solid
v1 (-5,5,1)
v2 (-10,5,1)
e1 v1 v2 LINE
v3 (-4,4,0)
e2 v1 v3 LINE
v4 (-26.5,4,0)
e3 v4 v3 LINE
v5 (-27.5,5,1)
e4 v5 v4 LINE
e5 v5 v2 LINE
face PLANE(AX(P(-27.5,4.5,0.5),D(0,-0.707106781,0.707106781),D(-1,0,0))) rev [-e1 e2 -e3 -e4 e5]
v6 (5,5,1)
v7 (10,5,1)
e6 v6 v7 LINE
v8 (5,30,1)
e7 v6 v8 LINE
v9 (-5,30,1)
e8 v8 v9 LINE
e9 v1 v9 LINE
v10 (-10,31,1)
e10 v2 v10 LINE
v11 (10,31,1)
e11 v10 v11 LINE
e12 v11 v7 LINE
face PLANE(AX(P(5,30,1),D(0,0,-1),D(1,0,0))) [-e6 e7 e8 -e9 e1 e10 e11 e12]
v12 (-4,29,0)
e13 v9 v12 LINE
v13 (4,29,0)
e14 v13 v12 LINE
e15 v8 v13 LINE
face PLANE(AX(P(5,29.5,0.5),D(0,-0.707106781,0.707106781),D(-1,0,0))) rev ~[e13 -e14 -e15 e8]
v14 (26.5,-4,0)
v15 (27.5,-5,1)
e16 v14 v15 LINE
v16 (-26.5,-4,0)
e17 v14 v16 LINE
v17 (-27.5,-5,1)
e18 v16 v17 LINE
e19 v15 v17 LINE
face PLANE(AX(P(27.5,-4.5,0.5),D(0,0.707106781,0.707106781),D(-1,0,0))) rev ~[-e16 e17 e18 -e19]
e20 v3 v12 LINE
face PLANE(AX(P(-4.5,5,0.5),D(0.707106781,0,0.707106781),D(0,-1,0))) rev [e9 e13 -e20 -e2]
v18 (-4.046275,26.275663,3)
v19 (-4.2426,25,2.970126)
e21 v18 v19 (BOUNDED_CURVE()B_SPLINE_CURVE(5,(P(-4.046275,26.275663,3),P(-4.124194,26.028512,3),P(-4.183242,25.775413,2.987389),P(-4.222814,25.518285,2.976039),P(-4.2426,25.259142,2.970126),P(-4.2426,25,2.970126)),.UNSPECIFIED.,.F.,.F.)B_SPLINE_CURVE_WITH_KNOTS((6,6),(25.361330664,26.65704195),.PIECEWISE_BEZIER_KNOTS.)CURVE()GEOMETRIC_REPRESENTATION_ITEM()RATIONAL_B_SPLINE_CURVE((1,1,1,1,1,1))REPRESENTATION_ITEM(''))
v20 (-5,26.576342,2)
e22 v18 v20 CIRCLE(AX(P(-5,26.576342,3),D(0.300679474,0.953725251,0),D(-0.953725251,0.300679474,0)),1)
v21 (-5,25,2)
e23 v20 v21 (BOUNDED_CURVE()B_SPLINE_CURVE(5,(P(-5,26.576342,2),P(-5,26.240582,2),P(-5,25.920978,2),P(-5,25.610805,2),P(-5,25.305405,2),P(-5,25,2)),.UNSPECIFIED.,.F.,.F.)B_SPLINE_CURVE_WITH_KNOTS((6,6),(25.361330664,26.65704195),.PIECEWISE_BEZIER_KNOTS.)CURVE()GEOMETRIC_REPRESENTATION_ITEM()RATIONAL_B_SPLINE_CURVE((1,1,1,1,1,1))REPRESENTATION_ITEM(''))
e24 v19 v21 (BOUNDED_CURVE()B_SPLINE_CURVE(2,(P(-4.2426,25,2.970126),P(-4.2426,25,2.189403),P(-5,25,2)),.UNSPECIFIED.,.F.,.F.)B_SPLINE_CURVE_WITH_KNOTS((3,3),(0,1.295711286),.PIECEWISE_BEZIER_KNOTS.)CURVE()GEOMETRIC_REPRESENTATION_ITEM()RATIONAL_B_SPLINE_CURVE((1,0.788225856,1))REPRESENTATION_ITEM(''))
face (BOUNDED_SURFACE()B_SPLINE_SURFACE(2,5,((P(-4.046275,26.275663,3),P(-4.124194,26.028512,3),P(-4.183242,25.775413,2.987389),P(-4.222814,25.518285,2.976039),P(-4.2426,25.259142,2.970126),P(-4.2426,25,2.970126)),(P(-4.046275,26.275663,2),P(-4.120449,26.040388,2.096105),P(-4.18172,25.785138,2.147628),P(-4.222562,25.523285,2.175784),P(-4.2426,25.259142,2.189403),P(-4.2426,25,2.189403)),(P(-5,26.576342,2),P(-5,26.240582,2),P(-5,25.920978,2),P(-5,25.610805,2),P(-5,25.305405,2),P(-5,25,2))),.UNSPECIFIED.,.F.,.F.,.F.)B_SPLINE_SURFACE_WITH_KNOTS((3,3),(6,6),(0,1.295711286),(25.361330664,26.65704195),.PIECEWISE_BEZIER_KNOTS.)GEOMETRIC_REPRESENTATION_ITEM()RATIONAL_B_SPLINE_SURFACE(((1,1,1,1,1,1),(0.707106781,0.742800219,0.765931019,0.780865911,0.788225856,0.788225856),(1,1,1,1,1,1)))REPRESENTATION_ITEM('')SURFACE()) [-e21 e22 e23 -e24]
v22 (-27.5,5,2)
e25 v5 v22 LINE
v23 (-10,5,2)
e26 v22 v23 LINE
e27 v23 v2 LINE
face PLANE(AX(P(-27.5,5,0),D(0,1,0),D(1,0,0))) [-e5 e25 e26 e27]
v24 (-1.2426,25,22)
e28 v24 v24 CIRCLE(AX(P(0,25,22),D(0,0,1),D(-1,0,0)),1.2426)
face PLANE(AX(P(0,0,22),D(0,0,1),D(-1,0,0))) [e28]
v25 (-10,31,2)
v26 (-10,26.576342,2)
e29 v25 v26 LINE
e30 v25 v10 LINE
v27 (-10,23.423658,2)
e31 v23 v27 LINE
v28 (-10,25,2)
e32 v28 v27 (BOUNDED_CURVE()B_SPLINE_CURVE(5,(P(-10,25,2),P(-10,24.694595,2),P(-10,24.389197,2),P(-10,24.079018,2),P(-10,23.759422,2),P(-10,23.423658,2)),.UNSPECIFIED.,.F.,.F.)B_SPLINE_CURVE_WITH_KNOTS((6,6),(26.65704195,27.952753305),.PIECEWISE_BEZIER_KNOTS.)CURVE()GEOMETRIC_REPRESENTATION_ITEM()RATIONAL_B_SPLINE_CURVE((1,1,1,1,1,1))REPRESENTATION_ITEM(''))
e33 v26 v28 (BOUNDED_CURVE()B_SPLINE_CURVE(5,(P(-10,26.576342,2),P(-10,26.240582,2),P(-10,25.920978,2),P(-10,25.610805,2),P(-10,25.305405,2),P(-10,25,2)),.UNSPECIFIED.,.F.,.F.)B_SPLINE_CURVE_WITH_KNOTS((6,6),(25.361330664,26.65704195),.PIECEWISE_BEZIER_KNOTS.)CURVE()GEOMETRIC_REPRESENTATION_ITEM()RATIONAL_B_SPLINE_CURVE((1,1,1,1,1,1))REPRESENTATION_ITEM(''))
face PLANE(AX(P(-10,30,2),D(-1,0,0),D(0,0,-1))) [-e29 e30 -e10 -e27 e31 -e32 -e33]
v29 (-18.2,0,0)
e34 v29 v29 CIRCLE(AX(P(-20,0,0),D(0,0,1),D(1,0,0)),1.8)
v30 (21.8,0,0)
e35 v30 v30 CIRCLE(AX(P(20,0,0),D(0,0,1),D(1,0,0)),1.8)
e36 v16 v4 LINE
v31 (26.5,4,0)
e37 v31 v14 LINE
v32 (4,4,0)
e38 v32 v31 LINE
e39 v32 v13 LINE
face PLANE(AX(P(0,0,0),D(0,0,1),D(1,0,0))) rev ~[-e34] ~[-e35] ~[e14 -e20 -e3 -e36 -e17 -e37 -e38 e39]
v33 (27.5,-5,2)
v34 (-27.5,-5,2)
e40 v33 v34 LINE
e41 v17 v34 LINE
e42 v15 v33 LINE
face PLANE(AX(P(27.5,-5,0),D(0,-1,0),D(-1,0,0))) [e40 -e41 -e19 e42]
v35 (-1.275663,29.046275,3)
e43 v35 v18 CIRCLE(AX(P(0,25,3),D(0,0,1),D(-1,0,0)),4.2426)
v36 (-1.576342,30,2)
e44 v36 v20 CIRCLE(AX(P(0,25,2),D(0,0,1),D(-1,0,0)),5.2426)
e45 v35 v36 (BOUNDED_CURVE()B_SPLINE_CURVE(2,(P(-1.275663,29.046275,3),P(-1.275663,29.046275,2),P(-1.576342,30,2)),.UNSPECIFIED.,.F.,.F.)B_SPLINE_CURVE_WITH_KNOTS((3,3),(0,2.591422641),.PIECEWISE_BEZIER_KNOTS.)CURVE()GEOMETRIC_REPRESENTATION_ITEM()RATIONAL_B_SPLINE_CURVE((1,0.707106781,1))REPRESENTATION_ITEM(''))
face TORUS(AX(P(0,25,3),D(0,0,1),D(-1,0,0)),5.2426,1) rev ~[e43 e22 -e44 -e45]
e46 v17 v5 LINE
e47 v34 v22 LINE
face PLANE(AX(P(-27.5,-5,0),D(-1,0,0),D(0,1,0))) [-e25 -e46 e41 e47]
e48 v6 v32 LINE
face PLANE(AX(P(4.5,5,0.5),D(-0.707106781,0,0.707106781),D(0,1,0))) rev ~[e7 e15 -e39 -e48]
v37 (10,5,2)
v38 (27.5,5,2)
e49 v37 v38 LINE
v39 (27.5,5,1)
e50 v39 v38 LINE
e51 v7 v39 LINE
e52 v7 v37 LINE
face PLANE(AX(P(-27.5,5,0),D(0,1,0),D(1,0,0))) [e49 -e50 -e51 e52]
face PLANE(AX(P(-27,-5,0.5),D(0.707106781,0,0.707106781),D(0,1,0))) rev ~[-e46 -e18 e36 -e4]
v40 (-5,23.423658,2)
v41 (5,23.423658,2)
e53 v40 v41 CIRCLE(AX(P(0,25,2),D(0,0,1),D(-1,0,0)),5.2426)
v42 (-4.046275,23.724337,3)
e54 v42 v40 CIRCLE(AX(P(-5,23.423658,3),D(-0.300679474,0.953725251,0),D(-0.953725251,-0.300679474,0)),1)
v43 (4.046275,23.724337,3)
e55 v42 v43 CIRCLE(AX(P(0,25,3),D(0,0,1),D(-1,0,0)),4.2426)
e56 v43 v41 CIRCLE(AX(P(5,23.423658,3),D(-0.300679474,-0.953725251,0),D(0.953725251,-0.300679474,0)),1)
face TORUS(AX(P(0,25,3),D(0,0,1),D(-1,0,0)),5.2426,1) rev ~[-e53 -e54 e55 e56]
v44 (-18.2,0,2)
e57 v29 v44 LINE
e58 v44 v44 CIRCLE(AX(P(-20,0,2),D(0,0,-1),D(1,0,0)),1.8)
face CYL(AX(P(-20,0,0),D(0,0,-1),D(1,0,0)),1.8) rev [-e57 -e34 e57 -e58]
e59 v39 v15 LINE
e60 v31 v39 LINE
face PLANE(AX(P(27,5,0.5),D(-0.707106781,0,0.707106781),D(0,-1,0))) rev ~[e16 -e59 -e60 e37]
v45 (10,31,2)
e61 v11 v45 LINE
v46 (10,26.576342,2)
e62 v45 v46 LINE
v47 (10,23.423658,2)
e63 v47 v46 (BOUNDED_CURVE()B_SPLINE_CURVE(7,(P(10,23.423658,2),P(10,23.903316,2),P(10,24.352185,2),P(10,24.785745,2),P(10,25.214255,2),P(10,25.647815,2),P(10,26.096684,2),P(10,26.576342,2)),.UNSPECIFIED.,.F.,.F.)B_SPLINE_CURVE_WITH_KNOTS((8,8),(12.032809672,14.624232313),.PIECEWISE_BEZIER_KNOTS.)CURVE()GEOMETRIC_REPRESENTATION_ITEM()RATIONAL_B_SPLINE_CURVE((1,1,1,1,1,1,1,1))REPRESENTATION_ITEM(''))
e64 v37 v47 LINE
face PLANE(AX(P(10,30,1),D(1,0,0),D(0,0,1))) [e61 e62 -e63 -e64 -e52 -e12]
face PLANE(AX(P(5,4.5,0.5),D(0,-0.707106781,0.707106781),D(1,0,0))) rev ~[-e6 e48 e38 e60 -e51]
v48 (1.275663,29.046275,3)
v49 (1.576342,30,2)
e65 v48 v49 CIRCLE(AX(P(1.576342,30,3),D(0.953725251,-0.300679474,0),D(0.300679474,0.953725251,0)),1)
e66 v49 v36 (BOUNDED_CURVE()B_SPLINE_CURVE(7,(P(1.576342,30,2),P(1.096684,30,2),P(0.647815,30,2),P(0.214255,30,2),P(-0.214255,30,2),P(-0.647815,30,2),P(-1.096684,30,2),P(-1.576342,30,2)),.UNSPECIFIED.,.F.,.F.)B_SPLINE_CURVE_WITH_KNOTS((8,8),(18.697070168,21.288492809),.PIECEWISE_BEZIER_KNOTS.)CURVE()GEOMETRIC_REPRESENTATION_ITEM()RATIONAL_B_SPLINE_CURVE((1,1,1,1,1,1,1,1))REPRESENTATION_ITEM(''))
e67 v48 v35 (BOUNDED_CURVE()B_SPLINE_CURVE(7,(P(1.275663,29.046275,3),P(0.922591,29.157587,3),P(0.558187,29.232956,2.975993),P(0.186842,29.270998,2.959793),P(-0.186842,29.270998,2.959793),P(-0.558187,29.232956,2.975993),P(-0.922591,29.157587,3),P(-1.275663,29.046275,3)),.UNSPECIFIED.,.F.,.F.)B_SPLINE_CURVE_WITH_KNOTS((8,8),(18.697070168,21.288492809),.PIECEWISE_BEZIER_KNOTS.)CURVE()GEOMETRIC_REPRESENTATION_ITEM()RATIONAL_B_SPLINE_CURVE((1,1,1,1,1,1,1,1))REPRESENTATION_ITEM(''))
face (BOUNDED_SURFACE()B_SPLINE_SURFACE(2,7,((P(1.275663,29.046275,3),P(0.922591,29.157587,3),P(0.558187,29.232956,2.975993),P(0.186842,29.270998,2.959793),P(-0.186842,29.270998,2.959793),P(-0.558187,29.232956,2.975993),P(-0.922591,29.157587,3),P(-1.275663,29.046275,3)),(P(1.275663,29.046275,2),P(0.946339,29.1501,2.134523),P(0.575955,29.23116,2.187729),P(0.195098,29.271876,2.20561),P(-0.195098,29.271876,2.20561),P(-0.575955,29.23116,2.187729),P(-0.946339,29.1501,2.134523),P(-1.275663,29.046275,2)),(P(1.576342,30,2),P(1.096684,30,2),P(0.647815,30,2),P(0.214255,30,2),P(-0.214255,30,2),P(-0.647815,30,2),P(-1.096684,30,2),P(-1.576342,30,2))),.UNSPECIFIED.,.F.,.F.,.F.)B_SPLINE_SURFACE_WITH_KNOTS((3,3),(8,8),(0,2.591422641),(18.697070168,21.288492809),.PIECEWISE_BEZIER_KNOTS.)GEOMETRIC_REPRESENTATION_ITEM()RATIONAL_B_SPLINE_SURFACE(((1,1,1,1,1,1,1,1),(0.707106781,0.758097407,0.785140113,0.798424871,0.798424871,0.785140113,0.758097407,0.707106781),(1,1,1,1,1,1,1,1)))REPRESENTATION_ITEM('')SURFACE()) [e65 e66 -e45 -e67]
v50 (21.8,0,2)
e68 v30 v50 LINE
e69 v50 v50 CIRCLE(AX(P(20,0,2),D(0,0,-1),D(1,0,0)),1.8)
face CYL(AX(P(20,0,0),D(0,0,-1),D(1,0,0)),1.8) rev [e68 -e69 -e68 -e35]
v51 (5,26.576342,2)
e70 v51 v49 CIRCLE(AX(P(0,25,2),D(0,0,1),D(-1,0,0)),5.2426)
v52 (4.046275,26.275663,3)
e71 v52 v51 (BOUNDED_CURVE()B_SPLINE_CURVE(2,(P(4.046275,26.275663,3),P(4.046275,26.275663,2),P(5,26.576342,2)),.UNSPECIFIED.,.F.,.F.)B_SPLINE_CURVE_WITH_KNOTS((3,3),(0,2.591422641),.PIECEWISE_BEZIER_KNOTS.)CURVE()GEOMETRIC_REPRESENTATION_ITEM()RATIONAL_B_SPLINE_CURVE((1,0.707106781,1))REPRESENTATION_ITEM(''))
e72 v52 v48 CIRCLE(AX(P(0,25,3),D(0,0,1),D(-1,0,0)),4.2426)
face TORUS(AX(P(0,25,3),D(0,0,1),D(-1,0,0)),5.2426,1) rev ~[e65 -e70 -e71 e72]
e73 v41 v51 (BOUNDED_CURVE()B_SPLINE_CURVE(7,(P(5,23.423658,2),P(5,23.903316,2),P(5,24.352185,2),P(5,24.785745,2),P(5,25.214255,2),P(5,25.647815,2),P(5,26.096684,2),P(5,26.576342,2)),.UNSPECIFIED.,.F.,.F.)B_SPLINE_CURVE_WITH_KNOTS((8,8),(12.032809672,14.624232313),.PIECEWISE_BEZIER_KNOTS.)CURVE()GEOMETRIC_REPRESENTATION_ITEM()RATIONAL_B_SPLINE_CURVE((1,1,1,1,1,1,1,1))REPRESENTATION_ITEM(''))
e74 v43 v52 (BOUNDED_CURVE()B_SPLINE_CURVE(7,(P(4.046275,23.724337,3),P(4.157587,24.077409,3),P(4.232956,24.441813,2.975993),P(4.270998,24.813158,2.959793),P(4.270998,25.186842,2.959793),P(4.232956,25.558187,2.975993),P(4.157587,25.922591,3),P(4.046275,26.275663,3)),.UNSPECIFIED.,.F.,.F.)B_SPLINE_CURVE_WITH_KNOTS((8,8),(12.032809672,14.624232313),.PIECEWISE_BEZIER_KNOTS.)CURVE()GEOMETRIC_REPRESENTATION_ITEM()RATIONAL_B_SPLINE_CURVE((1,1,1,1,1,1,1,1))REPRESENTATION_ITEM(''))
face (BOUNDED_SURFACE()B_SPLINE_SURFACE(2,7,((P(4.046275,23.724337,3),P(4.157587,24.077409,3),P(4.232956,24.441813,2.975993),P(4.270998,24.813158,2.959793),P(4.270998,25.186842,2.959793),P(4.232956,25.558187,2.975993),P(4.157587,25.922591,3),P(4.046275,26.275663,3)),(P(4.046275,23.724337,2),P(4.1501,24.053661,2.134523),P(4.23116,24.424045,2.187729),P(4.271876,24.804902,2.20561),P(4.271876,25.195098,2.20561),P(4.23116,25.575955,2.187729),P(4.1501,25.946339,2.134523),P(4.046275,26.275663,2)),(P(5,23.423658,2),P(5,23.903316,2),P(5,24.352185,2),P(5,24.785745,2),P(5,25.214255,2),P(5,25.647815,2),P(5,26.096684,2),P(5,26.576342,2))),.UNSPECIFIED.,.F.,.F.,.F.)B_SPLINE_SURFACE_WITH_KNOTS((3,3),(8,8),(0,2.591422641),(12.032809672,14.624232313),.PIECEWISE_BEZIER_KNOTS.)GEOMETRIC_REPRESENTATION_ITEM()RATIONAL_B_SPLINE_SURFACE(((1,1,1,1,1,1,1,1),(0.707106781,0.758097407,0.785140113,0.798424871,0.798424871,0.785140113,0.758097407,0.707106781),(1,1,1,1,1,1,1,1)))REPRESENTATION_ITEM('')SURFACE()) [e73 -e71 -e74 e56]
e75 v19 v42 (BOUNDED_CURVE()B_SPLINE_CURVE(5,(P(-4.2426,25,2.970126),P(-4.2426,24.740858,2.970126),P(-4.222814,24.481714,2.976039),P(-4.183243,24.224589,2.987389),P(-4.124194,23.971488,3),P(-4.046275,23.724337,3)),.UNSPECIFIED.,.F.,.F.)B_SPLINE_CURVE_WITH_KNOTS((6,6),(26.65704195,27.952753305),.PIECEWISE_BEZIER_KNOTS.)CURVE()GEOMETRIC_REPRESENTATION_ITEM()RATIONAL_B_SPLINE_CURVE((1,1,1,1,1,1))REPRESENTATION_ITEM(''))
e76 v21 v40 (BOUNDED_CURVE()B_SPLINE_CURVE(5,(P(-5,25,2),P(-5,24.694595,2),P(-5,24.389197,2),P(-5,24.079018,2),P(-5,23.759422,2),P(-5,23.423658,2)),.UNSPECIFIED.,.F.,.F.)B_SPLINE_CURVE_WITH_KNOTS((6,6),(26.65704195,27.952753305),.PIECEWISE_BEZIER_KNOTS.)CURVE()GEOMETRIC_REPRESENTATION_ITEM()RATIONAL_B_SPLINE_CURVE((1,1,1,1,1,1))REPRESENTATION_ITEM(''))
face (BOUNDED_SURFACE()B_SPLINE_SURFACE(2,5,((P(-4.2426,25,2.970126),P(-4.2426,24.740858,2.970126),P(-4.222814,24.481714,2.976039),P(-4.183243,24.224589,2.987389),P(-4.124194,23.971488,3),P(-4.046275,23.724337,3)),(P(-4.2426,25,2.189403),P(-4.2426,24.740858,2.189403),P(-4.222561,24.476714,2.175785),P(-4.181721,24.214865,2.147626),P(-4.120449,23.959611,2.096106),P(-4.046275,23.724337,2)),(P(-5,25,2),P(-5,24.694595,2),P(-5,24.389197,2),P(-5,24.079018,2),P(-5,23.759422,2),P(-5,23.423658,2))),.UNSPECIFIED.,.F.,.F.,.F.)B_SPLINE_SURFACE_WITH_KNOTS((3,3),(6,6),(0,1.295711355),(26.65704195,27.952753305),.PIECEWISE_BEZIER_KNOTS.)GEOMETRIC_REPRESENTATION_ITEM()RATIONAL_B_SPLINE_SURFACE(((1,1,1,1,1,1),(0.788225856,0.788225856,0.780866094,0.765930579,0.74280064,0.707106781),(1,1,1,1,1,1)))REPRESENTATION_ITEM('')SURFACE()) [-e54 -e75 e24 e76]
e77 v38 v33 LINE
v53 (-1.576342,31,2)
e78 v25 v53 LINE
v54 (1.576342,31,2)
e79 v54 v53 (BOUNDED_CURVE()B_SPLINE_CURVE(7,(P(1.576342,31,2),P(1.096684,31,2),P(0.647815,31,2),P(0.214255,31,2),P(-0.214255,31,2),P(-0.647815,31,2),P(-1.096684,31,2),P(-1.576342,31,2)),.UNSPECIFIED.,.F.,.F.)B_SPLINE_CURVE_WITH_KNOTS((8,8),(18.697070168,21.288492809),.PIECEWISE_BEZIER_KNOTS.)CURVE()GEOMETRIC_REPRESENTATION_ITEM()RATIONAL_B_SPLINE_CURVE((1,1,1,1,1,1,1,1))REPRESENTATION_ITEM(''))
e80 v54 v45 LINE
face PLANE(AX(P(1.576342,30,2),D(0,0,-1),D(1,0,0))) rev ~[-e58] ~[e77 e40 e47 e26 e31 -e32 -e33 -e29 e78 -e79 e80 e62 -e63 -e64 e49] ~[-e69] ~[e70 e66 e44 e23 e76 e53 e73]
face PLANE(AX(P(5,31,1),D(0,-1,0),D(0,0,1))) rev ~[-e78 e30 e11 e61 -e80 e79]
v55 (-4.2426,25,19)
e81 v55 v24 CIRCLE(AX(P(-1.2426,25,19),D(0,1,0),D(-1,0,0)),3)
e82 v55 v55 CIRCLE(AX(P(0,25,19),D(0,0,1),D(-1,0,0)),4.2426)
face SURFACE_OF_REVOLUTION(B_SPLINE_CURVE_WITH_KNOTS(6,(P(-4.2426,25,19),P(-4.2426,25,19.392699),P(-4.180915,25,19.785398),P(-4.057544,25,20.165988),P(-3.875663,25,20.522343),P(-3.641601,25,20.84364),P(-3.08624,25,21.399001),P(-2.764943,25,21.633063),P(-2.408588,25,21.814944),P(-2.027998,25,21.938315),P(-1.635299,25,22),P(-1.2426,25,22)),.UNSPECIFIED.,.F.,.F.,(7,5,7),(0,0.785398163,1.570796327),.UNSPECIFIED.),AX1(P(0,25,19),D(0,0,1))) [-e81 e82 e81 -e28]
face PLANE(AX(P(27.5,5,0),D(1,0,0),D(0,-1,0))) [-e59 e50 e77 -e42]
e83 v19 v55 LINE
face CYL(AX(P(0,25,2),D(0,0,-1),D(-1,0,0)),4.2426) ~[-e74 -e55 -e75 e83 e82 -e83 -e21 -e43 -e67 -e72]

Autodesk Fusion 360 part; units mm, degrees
sketch "Sketch1" plane through (0, 0, 0) normal (0, 0, 1) x (1, 0, 0)
  line L0 (-27.5, 5) -> (27.5, 5)
  line L1 (27.5, 5) -> (27.5, -5)
  line L2 (27.5, -5) -> (-27.5, -5)
  line L3 (-27.5, -5) -> (-27.5, 5)
  line L4 (-27.5, 5) -> (27.5, -5) construction
  line L5 (27.5, 5) -> (-27.5, -5) construction
  dimension "d1" = 55
  dimension "d2" = 10
sketch "Sketch2" plane through (0, 0, 0) normal (0, 0, 1) x (1, 0, 0)
  line L0 (-27.5, 0) -> (-20, 0) construction
  line L1 (27.5, 0) -> (20, 0) construction
  dimension "d3" = 7.5
  dimension "d4" = 7.5
sketch "Sketch3" plane through (0, 0, 0) normal (0, 0, 1) x (1, 0, 0)
  circle A0 centre (-20, 0) radius 1.8
  circle A1 centre (20, 0) radius 1.8
  dimension "d7" = 3.6
  dimension "d8" = 3.6
extrude "Extrude1" add sketch "Sketch1" along normal blind 2
extrude "Extrude2" cut sketch "Sketch3" along normal blind 10
sketch "Sketch5" plane through (0, 5, 0) normal (0, 1, 0) x (-1, 0, 0)
  line L0 (-27.5, 0) -> (27.5, 0)
  line L1 (27.5, 0) -> (27.5, 2)
  line L2 (27.5, 2) -> (-27.5, 2)
  line L3 (-27.5, 2) -> (-27.5, 0)
  line L4 (-5, 2) -> (5, 2)
  line L5 (5, 2) -> (5, 0)
  line L6 (5, 0) -> (-5, 0)
  line L7 (-5, 0) -> (-5, 2)
extrude "Extrude3" add sketch "Sketch5" along normal blind 25 contours L0 L2 L4 L5 L6 L7
sketch "Sketch6" plane through (0, 0, 2) normal (0, 0, 1) x (-1, 0, 0)
  circle A0 centre (-20, 0) radius 1.8
  circle A1 centre (20, 0) radius 1.8
  line L0 (27.5, 5) -> (-27.5, 5)
  line L1 (-27.5, 5) -> (-27.5, -5)
  line L2 (-27.5, -5) -> (-5, -5)
  line L3 (-5, -5) -> (-5, -30)
  line L4 (-5, -30) -> (5, -30)
  line L5 (5, -30) -> (5, -5)
  line L6 (5, -5) -> (27.5, -5)
  line L7 (27.5, -5) -> (27.5, 5)
  circle A2 centre (0, -25) radius 4.2426
extrude "Extrude4" add sketch "Sketch6" along normal blind 20 contours A2
fillet "Fillet1" radius 3 1 edges at (3.9555, 26.5342, 22)
fillet "Fillet2" radius 1 1 edges at (3.9555, 23.4658, 2)
chamfer "Chamfer1" distance 1 angle 45 8 edges at (-5, 17.5, 0) (5, 17.5, 0) (0, 30, 0) (-16.25, 5, 0) (-27.5, 0, 0) (0, -5, 0) (27.5, 0, 0) (16.25, 5, 0)
extrude "Extrude5" add 1 faces at (-5, 19.4745, 1.3333) along direction (-1, 0, 0) blind 5
extrude "Extrude6" add 1 faces at (5, 19.4745, 1.3333) along direction (1, 0, 0) blind 5
extrude "Extrude7" add 1 faces at (-0.5255, 30, 1.3333) along direction (0, 1, 0) blind 5
extrude "Extrude8" cut 1 faces at (1.6667, 35, 1.3333) along direction (0, -1, 0) blind 4
